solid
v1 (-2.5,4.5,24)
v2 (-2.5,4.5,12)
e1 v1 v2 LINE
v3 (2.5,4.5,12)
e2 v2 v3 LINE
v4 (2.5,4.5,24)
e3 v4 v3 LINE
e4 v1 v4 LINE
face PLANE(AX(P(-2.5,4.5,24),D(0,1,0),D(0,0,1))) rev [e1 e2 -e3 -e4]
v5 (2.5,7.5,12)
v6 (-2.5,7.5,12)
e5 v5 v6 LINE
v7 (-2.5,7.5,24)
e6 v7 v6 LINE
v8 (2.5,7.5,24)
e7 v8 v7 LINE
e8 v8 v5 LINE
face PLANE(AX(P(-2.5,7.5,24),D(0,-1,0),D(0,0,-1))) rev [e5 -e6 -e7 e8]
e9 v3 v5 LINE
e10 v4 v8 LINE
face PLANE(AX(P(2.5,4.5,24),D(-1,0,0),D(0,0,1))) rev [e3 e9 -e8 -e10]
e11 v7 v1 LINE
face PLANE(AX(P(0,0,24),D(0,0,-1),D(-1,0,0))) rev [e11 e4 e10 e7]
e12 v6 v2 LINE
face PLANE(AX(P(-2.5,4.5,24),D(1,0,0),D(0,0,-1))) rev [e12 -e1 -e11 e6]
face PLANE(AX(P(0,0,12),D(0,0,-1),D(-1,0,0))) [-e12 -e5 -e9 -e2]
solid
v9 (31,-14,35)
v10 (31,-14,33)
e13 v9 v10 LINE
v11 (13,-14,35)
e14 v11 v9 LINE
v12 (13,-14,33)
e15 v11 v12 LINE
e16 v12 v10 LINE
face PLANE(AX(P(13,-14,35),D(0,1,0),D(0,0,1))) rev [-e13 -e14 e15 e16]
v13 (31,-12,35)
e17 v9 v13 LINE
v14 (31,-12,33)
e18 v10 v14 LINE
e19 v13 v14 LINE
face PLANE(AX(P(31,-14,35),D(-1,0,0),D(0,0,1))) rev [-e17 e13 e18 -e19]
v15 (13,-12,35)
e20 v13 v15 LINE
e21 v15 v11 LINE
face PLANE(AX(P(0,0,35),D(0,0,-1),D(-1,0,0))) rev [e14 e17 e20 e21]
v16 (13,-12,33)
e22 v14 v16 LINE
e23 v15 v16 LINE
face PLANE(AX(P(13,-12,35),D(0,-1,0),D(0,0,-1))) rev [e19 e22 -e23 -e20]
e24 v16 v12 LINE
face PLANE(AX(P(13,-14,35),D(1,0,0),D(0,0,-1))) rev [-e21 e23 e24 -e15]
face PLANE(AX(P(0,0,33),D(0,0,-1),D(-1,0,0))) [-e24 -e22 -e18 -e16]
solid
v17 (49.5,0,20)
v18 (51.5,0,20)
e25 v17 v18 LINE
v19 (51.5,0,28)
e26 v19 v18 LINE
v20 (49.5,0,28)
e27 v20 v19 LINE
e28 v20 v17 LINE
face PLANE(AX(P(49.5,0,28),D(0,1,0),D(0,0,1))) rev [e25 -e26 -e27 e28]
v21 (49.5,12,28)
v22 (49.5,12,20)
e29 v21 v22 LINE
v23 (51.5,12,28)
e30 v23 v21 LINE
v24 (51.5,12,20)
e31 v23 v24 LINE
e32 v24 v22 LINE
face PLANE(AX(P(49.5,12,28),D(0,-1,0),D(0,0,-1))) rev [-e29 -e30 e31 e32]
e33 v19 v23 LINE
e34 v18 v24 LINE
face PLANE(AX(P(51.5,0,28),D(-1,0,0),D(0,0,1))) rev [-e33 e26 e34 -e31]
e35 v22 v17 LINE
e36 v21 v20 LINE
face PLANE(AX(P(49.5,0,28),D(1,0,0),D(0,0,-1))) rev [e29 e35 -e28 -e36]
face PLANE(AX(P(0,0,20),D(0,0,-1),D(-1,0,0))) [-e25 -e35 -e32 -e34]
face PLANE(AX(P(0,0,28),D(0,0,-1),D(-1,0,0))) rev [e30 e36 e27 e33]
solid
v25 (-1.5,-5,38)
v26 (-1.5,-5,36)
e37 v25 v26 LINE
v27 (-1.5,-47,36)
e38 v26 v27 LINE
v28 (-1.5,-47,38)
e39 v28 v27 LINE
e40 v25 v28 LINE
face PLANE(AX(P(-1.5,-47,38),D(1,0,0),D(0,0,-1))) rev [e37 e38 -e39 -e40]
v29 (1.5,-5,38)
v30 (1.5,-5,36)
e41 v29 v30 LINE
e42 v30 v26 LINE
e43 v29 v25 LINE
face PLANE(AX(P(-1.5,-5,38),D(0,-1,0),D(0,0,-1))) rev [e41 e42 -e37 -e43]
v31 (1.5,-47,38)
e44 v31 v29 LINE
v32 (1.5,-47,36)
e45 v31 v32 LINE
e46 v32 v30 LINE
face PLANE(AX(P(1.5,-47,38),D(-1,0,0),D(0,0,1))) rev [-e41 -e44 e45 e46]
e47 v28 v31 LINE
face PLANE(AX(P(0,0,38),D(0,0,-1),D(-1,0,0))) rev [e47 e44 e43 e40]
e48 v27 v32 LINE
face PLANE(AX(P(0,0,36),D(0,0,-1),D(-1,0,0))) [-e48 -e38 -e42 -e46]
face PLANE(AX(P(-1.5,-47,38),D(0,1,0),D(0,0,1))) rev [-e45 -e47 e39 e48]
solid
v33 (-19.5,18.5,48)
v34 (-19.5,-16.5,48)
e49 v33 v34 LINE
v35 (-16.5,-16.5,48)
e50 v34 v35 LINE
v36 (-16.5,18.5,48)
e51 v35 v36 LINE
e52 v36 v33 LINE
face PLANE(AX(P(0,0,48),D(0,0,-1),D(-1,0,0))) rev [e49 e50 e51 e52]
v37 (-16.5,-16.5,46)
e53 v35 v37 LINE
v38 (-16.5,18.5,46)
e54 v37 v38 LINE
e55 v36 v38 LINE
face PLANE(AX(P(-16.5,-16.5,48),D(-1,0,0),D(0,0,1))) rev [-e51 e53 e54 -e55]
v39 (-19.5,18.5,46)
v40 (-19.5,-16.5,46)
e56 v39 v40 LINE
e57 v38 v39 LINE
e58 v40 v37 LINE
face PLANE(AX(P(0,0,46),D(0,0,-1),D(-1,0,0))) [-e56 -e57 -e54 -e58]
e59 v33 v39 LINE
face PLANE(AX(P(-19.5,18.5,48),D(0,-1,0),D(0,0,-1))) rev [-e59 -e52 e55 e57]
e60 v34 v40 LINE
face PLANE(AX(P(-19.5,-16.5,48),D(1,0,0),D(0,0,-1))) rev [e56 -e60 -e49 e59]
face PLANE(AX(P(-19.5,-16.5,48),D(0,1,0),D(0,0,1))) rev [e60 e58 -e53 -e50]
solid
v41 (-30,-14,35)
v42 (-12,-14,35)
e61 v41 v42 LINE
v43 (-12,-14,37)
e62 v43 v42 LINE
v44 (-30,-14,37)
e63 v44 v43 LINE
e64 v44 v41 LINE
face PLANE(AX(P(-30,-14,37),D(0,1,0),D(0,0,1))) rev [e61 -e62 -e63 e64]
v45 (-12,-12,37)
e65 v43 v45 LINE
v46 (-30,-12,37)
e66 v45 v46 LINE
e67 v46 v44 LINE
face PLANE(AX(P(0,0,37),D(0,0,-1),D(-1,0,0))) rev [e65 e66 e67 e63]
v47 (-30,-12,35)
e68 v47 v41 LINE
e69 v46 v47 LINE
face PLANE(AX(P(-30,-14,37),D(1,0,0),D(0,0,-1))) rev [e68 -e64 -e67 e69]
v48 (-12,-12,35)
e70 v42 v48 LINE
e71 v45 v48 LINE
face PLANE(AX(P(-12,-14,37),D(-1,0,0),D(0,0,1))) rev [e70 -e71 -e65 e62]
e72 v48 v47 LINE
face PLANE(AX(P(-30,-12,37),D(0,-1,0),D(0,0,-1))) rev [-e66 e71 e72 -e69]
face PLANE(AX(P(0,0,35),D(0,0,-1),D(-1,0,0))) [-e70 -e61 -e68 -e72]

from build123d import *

# Parameters (mm, degrees)
SENSOR_START                                = 36
SKETCH_1_W                                  = 3
SKETCH_1_H                                  = 42
SENSOR_CABLE_HC_SR04_TO_ESP32_DEPTH         = 2
SERVO_START                                 = 46
SKETCH_2_W                                  = 3
SKETCH_2_H                                  = 35
SERVO_PWM_CABLE_SG90_TO_ESP32_DEPTH         = 2
LED_START                                   = 35
SKETCH_3_W                                  = 18
SKETCH_3_H                                  = 2
LED_DATA_CABLE_WS2812_TO_ESP32_DEPTH        = 2
BUZZER_START                                = 33
SKETCH_4_W                                  = 18
SKETCH_4_H                                  = 2
BUZZER_SIGNAL_CABLE_BUZZER_TO_ESP32_DEPTH   = 2
F_5V_START                                  = 12
SKETCH_5_W                                  = 5
SKETCH_5_H                                  = 3
F_5V_POWER_LEADS_BATTERY_TO_MAIN_RAIL_DEPTH = 12
USB_START                                   = 20
SKETCH_6_W                                  = 2
SKETCH_6_H                                  = 12
USB_SIDE_EXIT_CLEARANCE_MARKER_DEPTH        = 8


with BuildPart() as part:
    # 草图1 → sensor cable: HC-SR04 to ESP32 (new body)
    with BuildSketch(Plane.XY.offset(SENSOR_START)):
        with Locations((0, -26)):
            Rectangle(SKETCH_1_W, SKETCH_1_H)
    extrude(amount=SENSOR_CABLE_HC_SR04_TO_ESP32_DEPTH)


with BuildPart() as body_2:
    # 草图2 → servo PWM cable: SG90 to ESP32 (new body)
    with BuildSketch(Plane.XY.offset(SERVO_START)):
        with Locations((-18, 1)):
            Rectangle(SKETCH_2_W, SKETCH_2_H)
    extrude(amount=SERVO_PWM_CABLE_SG90_TO_ESP32_DEPTH)


with BuildPart() as body_3:
    # 草图3 → LED data cable: WS2812 to ESP32 (new body)
    with BuildSketch(Plane.XY.offset(LED_START)):
        with Locations((-21, -13)):
            Rectangle(SKETCH_3_W, SKETCH_3_H)
    extrude(amount=LED_DATA_CABLE_WS2812_TO_ESP32_DEPTH)


with BuildPart() as body_4:
    # 草图4 → buzzer signal cable: buzzer to ESP32 (new body)
    with BuildSketch(Plane.XY.offset(BUZZER_START)):
        with Locations((22, -13)):
            Rectangle(SKETCH_4_W, SKETCH_4_H)
    extrude(amount=BUZZER_SIGNAL_CABLE_BUZZER_TO_ESP32_DEPTH)


with BuildPart() as body_5:
    # 草图5 → 5V power leads: battery to main rail (new body)
    with BuildSketch(Plane.XY.offset(F_5V_START)):
        with Locations((0, 6)):
            Rectangle(SKETCH_5_W, SKETCH_5_H)
    extrude(amount=F_5V_POWER_LEADS_BATTERY_TO_MAIN_RAIL_DEPTH)


with BuildPart() as body_6:
    # 草图6 → USB side exit clearance marker (new body)
    with BuildSketch(Plane.XY.offset(USB_START)):
        with Locations((50.5, 6)):
            Rectangle(SKETCH_6_W, SKETCH_6_H)
    extrude(amount=USB_SIDE_EXIT_CLEARANCE_MARKER_DEPTH)


solid = Compound([part.part, body_2.part, body_3.part, body_4.part, body_5.part, body_6.part])
